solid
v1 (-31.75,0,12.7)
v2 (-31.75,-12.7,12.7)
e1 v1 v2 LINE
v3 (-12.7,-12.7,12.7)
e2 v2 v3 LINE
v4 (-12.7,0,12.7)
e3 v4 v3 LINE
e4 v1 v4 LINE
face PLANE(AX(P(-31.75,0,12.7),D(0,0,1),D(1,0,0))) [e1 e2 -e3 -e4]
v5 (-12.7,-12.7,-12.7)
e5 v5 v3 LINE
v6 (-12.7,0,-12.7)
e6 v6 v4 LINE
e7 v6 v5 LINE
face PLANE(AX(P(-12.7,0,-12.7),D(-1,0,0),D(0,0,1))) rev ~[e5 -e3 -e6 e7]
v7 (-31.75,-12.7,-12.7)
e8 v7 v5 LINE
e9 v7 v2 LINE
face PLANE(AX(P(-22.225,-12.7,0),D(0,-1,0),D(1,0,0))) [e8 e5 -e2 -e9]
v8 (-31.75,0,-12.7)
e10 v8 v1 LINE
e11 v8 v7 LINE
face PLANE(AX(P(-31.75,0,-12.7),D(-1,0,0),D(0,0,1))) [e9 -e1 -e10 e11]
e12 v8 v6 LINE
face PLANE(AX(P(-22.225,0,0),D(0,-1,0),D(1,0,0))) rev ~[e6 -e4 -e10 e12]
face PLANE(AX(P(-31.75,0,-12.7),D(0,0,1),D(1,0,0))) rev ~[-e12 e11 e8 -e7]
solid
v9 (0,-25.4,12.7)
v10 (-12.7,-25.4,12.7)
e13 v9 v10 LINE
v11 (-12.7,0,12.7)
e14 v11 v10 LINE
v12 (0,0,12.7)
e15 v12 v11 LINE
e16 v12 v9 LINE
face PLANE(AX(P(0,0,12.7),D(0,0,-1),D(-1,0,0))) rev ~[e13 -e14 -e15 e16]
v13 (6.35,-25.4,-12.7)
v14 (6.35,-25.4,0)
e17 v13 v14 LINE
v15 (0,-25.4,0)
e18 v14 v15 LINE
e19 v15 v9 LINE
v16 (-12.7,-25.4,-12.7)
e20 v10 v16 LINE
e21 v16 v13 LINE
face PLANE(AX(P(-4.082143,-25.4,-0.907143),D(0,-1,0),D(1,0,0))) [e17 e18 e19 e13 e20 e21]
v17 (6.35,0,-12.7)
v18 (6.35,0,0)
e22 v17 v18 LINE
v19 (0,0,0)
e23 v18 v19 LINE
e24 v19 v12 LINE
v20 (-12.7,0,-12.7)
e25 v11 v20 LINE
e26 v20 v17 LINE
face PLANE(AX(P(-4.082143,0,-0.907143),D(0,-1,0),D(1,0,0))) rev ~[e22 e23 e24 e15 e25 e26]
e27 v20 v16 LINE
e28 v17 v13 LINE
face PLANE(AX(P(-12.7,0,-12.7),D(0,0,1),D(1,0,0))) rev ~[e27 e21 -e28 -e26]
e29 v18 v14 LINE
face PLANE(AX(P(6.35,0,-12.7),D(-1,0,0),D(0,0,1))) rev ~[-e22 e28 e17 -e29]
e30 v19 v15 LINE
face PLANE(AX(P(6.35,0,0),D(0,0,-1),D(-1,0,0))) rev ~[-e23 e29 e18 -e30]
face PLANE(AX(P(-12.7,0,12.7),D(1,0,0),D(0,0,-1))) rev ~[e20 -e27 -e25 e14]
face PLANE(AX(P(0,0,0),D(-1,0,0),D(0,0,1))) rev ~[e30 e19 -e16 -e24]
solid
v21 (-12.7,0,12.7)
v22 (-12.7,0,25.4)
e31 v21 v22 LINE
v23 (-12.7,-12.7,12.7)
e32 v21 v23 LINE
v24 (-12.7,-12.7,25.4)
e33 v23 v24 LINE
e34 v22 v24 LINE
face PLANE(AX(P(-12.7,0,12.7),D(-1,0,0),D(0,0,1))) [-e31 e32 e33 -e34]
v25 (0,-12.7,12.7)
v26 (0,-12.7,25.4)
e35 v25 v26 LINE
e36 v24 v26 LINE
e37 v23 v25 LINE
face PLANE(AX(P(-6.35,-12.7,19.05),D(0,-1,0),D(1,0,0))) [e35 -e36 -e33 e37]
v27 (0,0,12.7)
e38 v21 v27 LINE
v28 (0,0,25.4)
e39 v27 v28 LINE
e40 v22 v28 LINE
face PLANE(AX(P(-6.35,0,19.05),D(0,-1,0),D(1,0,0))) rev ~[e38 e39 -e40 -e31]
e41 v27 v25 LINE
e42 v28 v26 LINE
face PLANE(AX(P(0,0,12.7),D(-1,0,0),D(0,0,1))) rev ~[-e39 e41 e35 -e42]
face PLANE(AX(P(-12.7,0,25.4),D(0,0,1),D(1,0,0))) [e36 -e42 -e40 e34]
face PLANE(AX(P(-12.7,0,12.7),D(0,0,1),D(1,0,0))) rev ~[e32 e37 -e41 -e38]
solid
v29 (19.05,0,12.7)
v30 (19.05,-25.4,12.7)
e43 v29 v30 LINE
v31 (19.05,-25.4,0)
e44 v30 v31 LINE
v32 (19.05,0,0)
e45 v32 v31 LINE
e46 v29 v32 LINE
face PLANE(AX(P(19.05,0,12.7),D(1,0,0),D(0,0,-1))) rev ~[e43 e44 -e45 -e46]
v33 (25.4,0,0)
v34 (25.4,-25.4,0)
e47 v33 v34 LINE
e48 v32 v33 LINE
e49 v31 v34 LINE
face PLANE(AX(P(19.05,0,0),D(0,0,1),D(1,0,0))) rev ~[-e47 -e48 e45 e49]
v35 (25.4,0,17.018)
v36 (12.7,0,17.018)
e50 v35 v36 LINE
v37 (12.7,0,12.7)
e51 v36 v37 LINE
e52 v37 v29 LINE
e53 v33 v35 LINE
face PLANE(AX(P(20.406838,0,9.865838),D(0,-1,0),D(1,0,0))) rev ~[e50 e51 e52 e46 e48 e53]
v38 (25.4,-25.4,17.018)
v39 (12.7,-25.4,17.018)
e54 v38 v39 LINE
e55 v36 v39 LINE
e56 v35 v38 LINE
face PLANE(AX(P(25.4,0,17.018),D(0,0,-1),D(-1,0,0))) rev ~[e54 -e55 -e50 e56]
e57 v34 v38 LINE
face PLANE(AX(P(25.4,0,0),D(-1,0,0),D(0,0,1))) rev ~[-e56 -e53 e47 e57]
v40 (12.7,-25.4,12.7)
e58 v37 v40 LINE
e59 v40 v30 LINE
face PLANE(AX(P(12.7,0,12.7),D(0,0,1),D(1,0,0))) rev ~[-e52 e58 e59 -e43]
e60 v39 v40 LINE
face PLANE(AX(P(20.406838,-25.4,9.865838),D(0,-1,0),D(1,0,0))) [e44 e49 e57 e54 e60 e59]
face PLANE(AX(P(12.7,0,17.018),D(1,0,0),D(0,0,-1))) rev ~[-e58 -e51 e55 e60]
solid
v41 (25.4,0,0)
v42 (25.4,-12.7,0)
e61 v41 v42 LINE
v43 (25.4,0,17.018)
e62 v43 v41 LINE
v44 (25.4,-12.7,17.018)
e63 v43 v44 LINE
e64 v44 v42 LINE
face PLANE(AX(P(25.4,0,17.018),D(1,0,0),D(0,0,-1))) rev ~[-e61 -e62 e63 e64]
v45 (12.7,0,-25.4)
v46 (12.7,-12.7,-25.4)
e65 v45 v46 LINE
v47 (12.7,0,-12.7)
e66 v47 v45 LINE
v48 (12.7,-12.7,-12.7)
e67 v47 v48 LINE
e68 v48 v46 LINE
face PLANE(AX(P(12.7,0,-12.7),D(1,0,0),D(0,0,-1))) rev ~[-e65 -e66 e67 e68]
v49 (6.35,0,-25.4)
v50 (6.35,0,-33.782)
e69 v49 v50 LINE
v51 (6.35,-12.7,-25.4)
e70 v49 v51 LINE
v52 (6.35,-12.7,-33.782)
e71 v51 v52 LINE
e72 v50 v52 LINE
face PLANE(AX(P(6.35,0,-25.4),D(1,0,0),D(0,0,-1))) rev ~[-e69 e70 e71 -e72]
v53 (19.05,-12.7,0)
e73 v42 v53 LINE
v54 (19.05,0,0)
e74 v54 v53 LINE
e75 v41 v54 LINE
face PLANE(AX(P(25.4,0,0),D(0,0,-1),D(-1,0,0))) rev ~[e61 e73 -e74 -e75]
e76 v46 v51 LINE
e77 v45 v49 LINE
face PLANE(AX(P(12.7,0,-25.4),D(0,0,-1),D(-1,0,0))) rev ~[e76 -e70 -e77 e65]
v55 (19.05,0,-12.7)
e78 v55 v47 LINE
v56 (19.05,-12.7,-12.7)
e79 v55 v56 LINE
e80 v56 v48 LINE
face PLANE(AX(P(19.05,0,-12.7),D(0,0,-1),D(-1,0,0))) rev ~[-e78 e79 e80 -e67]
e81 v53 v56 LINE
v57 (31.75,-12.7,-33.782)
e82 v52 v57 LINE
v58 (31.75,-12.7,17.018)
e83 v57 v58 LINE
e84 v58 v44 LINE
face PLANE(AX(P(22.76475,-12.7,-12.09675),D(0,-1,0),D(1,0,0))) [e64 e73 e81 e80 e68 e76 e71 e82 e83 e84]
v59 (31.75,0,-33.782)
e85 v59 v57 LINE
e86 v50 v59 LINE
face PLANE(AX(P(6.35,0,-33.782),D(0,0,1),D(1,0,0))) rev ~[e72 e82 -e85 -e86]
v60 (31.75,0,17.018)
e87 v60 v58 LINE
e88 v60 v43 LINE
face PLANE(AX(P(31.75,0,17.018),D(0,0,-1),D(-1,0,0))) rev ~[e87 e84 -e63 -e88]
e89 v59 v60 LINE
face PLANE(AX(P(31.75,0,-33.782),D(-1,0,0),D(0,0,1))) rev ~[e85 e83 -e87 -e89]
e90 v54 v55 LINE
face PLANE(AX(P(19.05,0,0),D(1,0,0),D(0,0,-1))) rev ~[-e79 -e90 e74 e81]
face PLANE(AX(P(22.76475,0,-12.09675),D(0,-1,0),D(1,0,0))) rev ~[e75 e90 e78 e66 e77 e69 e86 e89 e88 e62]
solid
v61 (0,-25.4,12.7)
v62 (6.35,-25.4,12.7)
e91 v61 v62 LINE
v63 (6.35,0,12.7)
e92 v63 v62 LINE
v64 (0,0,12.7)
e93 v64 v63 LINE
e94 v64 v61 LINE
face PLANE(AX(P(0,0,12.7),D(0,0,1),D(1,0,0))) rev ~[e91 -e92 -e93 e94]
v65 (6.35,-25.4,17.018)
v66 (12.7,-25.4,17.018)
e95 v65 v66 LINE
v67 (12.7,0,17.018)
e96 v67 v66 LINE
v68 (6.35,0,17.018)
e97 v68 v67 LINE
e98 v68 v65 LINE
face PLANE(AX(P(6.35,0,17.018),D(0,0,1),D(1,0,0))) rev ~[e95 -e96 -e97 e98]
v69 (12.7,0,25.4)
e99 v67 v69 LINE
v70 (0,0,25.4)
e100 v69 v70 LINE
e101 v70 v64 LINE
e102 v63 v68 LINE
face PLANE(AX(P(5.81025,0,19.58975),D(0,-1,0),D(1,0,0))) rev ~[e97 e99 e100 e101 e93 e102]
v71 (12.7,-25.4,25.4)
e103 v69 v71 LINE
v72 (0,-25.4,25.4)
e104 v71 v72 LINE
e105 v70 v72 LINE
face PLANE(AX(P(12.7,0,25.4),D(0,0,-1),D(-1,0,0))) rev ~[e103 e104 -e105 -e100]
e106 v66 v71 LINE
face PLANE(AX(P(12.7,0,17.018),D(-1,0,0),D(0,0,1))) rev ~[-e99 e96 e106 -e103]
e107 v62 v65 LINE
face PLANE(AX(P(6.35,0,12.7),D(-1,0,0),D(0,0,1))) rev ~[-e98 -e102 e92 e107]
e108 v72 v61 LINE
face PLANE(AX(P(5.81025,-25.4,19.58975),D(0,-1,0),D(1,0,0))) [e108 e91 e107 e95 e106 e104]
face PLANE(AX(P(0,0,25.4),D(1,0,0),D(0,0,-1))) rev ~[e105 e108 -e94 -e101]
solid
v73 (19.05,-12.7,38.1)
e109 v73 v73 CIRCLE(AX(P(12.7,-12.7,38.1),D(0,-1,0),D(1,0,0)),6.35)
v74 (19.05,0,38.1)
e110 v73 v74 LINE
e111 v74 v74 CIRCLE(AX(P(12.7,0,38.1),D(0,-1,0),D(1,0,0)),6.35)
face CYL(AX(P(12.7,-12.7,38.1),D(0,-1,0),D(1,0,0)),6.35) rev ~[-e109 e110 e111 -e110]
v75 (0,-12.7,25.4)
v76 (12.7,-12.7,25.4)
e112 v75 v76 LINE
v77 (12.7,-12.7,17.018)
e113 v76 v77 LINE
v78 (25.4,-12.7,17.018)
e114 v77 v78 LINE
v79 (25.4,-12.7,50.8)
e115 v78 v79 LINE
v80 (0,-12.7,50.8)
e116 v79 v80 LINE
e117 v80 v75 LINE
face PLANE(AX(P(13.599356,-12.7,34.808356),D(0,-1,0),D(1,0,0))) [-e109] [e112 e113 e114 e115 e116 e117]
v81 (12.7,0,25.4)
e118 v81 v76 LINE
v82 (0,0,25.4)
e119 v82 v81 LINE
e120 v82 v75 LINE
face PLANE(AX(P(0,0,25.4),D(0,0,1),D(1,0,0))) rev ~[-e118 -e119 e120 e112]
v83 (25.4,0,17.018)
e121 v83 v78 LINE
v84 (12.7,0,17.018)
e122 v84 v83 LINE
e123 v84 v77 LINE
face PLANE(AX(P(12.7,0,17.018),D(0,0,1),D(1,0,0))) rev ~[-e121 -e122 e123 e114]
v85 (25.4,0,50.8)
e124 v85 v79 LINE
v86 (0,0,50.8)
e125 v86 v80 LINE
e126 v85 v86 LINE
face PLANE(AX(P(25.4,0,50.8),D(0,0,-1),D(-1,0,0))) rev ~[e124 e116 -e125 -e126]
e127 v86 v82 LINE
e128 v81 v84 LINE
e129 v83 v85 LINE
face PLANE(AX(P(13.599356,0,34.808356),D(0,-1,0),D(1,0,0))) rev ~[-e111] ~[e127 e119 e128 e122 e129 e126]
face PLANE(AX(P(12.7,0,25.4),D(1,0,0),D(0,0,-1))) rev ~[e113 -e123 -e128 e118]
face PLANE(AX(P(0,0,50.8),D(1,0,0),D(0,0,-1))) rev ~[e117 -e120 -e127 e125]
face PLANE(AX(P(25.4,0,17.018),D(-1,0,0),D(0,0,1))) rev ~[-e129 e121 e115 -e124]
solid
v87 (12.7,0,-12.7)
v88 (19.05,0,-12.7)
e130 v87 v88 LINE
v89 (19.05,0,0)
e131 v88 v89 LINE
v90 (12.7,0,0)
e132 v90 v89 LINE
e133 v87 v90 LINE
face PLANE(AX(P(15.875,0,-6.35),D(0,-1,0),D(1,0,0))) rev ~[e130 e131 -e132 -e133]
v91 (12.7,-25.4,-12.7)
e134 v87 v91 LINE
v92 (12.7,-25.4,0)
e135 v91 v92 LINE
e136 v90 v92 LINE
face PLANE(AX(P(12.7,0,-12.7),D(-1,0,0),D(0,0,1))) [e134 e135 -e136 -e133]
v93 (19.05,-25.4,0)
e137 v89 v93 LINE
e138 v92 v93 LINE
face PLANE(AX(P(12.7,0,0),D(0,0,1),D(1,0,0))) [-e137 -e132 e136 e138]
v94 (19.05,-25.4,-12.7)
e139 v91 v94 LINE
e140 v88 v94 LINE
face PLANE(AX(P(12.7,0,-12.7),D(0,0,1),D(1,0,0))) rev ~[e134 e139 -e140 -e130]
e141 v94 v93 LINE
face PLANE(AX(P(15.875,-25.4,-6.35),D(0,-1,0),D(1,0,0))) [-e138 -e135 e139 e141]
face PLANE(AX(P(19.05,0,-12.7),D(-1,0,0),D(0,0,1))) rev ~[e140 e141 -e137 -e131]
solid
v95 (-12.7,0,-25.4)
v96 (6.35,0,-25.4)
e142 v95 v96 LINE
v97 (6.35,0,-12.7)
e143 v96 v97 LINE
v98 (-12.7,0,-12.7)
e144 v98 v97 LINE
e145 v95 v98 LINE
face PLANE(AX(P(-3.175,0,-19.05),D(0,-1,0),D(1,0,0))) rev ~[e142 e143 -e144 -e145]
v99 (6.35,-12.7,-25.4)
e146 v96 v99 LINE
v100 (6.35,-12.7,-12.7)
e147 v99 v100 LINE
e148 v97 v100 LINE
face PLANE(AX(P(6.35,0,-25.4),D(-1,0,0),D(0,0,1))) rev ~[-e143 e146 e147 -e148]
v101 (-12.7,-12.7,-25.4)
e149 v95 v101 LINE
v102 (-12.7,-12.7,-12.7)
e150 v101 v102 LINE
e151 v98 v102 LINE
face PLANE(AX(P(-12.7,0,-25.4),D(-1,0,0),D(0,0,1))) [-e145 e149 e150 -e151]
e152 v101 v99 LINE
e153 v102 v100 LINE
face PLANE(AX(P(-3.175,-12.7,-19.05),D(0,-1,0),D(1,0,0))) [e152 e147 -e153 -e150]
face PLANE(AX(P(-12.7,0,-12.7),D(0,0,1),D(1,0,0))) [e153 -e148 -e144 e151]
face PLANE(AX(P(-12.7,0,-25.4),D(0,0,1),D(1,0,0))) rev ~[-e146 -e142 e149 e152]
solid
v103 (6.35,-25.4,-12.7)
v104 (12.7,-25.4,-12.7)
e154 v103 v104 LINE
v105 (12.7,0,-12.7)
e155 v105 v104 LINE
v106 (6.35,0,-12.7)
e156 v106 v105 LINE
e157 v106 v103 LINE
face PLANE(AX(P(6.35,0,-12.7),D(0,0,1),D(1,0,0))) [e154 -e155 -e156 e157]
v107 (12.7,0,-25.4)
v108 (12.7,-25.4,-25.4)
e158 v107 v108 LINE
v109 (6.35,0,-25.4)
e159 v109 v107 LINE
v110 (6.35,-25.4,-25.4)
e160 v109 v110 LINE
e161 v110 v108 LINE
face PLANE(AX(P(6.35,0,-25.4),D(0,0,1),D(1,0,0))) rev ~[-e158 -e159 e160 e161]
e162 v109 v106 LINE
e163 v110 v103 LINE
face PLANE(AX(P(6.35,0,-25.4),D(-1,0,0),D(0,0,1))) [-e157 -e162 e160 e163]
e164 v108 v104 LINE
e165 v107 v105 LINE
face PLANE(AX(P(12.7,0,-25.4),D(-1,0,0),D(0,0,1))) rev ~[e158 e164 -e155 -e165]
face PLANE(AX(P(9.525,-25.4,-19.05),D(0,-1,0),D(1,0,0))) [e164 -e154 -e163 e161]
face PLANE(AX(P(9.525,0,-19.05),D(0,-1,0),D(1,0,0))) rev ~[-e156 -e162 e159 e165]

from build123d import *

# Parameters (mm, degrees)
F1_DEPTH = 12.7
F0_W     = 12.7
F0_H     = 12.7
F0_W_2   = 19.05
F0_H_2   = 25.4
F2_DEPTH = 25.4
F0_W_3   = 6.35
F3_R     = 6.35
F4_DEPTH = 25.4


with BuildPart() as f1:
    # F0 (on Front) → F1 (new body)
    with BuildSketch(Plane.XZ):
        Polygon((25.4, 50.8), (0, 50.8), (0, 25.4), (12.7, 25.4), (12.7, 17.018), (25.4, 17.018), align=None)
    extrude(amount=F1_DEPTH)

    # F3 (on face) → F4 (cut)
    with BuildSketch(Plane.XZ.offset(12.7)):
        with Locations((12.7, 38.1)):
            Circle(F3_R)
    extrude(amount=-F4_DEPTH, mode=Mode.SUBTRACT)


with BuildPart() as f1b:
    # F0 (on Front) → F1, piece 2 (new body)
    with BuildSketch(Plane.XZ):
        with Locations((-6.35, 19.05)):
            Rectangle(F0_W, F0_H)
    extrude(amount=F1_DEPTH)


with BuildPart() as f1c:
    # F0 (on Front) → F1, piece 3 (new body)
    with BuildSketch(Plane.XZ):
        Polygon((31.75, 17.018), (25.4, 17.018), (25.4, 0), (19.05, 0), (19.05, -12.7), (12.7, -12.7), (12.7, -25.4), (6.35, -25.4), (6.35, -33.782), (31.75, -33.782), align=None)
    extrude(amount=F1_DEPTH)


with BuildPart() as f1d:
    # F0 (on Front) → F1, piece 4 (new body)
    with BuildSketch(Plane.XZ):
        with Locations((-3.175, -19.05)):
            Rectangle(F0_W_2, F0_H)
    extrude(amount=F1_DEPTH)


with BuildPart() as f1e:
    # F0 (on Front) → F1, piece 5 (new body)
    with BuildSketch(Plane.XZ):
        with Locations((-22.225, 0)):
            Rectangle(F0_W_2, F0_H_2)
    extrude(amount=F1_DEPTH)


with BuildPart() as f2:
    # F0 (on Front) → F2 (new body)
    with BuildSketch(Plane.XZ):
        Polygon((0, 0), (0, 12.7), (-12.7, 12.7), (-12.7, -12.7), (6.35, -12.7), (6.35, 0), align=None)
    extrude(amount=F2_DEPTH)


with BuildPart() as f2b:
    # F0 (on Front) → F2, piece 2 (new body)
    with BuildSketch(Plane.XZ):
        with Locations((9.525, -19.05)):
            Rectangle(F0_W_3, F0_H)
    extrude(amount=F2_DEPTH)


with BuildPart() as f2c:
    # F0 (on Front) → F2, piece 3 (new body)
    with BuildSketch(Plane.XZ):
        with Locations((15.875, -6.35)):
            Rectangle(F0_W_3, F0_H)
    extrude(amount=F2_DEPTH)


with BuildPart() as f2d:
    # F0 (on Front) → F2, piece 4 (new body)
    with BuildSketch(Plane.XZ):
        Polygon((25.4, 0), (25.4, 17.018), (12.7, 17.018), (12.7, 12.7), (19.05, 12.7), (19.05, 0), align=None)
    extrude(amount=F2_DEPTH)


with BuildPart() as f2e:
    # F0 (on Front) → F2, piece 5 (new body)
    with BuildSketch(Plane.XZ):
        Polygon((12.7, 25.4), (0, 25.4), (0, 12.7), (6.35, 12.7), (6.35, 17.018), (12.7, 17.018), align=None)
    extrude(amount=F2_DEPTH)


solid = Compound([f1.part, f1b.part, f1c.part, f1d.part, f1e.part, f2.part, f2b.part, f2c.part, f2d.part, f2e.part])
